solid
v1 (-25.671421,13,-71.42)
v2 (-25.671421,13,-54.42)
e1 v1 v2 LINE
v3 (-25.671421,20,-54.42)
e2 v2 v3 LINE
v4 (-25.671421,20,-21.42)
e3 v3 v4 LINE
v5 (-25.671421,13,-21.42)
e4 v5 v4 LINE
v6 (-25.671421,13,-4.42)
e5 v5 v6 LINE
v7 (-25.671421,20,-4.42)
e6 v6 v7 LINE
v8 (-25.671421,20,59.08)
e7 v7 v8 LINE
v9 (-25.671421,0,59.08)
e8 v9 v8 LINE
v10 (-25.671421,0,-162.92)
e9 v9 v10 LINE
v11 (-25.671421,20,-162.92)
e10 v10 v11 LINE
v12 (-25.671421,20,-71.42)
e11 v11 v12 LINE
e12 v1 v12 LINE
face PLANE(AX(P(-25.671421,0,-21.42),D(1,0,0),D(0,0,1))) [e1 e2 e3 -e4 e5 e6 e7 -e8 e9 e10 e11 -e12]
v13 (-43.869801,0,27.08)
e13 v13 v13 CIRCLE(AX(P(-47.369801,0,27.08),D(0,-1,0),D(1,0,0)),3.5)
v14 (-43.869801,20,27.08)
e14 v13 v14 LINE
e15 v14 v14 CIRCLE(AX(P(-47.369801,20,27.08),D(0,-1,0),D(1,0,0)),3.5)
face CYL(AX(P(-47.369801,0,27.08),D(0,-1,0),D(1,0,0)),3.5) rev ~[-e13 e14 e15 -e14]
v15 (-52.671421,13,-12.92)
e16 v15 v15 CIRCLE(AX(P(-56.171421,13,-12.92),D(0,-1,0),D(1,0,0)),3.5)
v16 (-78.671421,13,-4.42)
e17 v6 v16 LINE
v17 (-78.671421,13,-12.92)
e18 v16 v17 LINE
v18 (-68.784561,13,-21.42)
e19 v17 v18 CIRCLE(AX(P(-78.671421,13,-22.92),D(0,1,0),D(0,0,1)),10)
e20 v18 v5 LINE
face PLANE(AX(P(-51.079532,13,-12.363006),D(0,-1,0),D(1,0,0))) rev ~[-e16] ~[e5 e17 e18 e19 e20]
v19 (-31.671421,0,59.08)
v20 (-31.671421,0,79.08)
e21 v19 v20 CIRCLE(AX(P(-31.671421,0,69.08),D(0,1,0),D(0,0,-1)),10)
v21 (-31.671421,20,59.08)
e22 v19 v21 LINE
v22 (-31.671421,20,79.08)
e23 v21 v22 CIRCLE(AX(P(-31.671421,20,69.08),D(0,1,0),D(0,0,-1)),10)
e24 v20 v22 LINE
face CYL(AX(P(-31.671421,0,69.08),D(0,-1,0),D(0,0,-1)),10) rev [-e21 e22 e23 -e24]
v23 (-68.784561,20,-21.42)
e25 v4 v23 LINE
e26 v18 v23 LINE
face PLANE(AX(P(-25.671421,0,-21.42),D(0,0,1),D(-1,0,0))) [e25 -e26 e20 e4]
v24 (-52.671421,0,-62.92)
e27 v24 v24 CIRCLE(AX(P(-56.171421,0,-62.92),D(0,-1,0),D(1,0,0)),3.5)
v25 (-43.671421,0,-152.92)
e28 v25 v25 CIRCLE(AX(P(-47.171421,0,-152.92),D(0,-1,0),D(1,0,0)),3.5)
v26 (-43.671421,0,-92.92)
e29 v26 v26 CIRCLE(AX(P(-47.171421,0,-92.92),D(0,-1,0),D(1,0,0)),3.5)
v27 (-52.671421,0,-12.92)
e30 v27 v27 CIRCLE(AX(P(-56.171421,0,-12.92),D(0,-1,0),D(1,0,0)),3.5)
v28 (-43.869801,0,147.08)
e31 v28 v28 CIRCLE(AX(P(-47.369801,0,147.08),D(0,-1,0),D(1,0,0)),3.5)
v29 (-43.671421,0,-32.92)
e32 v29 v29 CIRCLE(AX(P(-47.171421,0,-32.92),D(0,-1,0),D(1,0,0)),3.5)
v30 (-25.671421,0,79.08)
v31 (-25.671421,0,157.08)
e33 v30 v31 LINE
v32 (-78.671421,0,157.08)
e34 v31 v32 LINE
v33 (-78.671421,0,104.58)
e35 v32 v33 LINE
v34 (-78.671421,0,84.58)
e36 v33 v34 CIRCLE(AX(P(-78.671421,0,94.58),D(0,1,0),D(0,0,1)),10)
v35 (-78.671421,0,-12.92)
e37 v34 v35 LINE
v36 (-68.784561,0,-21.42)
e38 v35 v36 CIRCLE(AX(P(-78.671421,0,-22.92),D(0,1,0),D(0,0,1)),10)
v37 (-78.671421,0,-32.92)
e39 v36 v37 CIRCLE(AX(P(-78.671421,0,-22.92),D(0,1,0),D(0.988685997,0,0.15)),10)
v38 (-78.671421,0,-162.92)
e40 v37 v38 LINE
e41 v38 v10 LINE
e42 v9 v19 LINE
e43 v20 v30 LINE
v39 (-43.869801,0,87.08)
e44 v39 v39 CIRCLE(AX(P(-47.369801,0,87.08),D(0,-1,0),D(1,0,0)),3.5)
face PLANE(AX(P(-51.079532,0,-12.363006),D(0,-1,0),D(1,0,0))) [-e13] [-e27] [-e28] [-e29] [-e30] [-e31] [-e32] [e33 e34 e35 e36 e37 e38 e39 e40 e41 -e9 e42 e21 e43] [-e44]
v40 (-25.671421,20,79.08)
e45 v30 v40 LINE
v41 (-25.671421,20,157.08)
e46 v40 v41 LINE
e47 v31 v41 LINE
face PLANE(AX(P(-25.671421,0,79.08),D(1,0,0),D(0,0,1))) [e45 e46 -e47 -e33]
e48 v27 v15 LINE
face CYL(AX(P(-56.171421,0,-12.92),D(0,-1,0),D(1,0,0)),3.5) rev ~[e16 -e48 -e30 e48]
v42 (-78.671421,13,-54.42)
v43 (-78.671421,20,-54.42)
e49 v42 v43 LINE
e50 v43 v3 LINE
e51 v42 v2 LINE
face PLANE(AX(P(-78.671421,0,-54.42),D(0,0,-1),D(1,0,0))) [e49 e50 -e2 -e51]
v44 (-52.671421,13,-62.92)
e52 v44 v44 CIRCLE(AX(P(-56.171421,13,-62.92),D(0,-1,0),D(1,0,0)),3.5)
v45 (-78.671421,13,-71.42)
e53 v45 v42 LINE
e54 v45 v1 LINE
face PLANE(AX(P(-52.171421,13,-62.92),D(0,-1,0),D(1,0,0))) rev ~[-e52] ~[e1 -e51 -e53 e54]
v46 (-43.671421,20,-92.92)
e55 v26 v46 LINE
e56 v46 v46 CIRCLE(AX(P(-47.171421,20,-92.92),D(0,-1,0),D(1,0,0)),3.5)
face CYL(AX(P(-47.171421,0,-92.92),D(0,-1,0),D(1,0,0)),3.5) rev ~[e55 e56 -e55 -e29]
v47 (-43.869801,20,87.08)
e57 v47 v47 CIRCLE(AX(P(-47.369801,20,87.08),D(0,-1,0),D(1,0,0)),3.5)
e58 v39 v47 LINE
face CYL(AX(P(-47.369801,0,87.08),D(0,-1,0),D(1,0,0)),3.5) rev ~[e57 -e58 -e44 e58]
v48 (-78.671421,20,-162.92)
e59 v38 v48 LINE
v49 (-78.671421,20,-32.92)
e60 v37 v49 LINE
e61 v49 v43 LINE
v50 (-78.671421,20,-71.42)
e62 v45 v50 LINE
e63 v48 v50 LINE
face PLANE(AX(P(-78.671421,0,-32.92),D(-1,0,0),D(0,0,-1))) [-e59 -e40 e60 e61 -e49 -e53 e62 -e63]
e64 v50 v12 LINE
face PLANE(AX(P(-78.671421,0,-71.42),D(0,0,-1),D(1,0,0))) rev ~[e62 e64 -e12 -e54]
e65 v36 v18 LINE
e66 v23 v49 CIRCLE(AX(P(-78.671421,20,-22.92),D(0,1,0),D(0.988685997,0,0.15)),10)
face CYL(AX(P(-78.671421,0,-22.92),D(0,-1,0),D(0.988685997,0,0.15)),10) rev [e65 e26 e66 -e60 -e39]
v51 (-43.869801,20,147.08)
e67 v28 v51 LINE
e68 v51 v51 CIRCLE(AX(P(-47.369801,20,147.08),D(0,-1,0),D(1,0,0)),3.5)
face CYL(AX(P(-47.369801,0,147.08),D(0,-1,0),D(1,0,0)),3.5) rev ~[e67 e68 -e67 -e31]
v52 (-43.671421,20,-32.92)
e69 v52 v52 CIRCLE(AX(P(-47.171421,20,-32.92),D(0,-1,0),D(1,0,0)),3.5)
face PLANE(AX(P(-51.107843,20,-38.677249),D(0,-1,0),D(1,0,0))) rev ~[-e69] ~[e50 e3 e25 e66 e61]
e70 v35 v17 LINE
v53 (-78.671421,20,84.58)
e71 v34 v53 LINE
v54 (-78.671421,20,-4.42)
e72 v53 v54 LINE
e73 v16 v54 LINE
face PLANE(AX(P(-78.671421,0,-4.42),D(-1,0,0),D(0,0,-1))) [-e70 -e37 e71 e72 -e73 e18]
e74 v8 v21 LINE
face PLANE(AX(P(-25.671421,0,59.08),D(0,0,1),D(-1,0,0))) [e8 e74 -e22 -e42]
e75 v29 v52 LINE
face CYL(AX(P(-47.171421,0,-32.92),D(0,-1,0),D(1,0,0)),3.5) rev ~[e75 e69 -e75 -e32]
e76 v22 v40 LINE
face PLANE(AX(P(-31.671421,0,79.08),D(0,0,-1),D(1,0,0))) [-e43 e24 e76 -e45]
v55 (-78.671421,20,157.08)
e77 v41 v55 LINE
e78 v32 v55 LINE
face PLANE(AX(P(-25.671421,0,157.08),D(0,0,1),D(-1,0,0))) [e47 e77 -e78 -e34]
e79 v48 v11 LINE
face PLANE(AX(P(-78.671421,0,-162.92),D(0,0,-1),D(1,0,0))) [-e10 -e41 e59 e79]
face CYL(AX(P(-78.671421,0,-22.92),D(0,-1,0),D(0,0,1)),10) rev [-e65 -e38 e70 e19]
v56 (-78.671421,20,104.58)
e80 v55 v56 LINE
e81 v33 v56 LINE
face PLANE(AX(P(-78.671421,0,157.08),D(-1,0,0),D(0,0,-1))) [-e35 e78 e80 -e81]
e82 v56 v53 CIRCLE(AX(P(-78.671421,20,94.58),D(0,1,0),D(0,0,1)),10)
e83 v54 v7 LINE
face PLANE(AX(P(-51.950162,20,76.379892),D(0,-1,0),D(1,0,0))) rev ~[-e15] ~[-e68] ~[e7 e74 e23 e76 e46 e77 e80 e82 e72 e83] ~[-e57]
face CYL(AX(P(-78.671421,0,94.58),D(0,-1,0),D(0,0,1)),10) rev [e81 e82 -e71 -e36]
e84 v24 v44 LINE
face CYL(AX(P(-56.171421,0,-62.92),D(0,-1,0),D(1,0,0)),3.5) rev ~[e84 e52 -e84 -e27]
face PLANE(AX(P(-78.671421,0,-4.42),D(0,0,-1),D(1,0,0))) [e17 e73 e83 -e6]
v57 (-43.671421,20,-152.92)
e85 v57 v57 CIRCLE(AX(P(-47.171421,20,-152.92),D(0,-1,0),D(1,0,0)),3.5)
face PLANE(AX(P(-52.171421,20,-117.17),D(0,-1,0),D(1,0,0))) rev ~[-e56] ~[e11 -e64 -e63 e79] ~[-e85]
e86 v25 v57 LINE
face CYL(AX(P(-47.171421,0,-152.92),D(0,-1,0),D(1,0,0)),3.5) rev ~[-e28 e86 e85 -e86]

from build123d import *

# Parameters (mm, degrees)
F0_R     = 3.5
F1_DEPTH = 20
F0_W     = 53
F0_H     = 91.5
F0_H_2   = 17
F2_DEPTH = 13


with BuildPart() as f1:
    # F0 (on Front) → F1 (new body)
    with BuildSketch(Plane.XZ):
        with BuildLine():
            Line((-25.671420519, 79.08), (-25.671420519, 157.08))
            Line((-25.671420519, 157.08), (-78.671420519, 157.08))
            Line((-78.671420519, 157.08), (-78.671420519, 104.58))
            ThreePointArc((-78.671420519, 104.58), (-68.671420519, 94.58), (-78.671420519, 84.58))
            Line((-78.671420519, 84.58), (-78.671420519, -4.42))
            Line((-78.671420519, -4.42), (-25.671420519, -4.42))
            Line((-25.671420519, -4.42), (-25.671420519, 59.08))
            Line((-25.671420519, 59.08), (-31.671420519, 59.08))
            ThreePointArc((-31.671420519, 59.08), (-41.671420519, 69.08), (-31.671420519, 79.08))
            Line((-31.671420519, 79.08), (-25.671420519, 79.08))
        make_face()
        with Locations((-47.3698007467, 27.08)):
            Circle(F0_R, mode=Mode.SUBTRACT)
        with Locations((-47.3698007467, 87.08)):
            Circle(F0_R, mode=Mode.SUBTRACT)
        with Locations((-47.3698007467, 147.08)):
            Circle(F0_R, mode=Mode.SUBTRACT)
    extrude(amount=-F1_DEPTH)



with BuildPart() as f1b:
    # F0 (on Front) → F1, piece 2 (new body)
    with BuildSketch(Plane.XZ):
        with BuildLine():
            Line((-25.671420519, -54.42), (-25.671420519, -21.42))
            Line((-25.671420519, -21.42), (-68.7845605524, -21.42))
            ThreePointArc((-68.7845605524, -21.42), (-71.088545075, -29.4392024052), (-78.671420519, -32.92))
            Line((-78.671420519, -32.92), (-78.671420519, -54.42))
            Line((-78.671420519, -54.42), (-25.671420519, -54.42))
        make_face()
        with Locations((-47.171420519, -32.92)):
            Circle(F0_R, mode=Mode.SUBTRACT)
    extrude(amount=-F1_DEPTH)


with BuildPart() as f1c:
    # F0 (on Front) → F1, piece 3 (new body)
    with BuildSketch(Plane.XZ):
        with Locations((-52.171420519, -117.17)):
            Rectangle(F0_W, F0_H)
        with Locations((-47.171420519, -152.92)):
            Circle(F0_R, mode=Mode.SUBTRACT)
        with Locations((-47.171420519, -92.92)):
            Circle(F0_R, mode=Mode.SUBTRACT)
    extrude(amount=-F1_DEPTH)


with BuildPart() as f1_1:
    add(f1.part)

    add(f1b.part)  # F2 merges F1b

    add(f1c.part)  # F2 merges F1c
    # F0 (on Front) → F2 (join)
    with BuildSketch(Plane.XZ):
        with BuildLine():
            Line((-25.671420519, -21.42), (-25.671420519, -4.42))
            Line((-25.671420519, -4.42), (-78.671420519, -4.42))
            Line((-78.671420519, -4.42), (-78.671420519, -12.92))
            ThreePointArc((-78.671420519, -12.92), (-72.1522181138, -15.3371245559), (-68.7845605524, -21.42))
            Line((-68.7845605524, -21.42), (-25.671420519, -21.42))
        make_face()
        with Locations((-56.171420519, -12.92)):
            Circle(F0_R, mode=Mode.SUBTRACT)
        with Locations((-52.171420519, -62.92)):
            Rectangle(F0_W, F0_H_2)
        with Locations((-56.171420519, -62.92)):
            Circle(F0_R, mode=Mode.SUBTRACT)
    extrude(amount=-F2_DEPTH)


solid = f1_1.part
